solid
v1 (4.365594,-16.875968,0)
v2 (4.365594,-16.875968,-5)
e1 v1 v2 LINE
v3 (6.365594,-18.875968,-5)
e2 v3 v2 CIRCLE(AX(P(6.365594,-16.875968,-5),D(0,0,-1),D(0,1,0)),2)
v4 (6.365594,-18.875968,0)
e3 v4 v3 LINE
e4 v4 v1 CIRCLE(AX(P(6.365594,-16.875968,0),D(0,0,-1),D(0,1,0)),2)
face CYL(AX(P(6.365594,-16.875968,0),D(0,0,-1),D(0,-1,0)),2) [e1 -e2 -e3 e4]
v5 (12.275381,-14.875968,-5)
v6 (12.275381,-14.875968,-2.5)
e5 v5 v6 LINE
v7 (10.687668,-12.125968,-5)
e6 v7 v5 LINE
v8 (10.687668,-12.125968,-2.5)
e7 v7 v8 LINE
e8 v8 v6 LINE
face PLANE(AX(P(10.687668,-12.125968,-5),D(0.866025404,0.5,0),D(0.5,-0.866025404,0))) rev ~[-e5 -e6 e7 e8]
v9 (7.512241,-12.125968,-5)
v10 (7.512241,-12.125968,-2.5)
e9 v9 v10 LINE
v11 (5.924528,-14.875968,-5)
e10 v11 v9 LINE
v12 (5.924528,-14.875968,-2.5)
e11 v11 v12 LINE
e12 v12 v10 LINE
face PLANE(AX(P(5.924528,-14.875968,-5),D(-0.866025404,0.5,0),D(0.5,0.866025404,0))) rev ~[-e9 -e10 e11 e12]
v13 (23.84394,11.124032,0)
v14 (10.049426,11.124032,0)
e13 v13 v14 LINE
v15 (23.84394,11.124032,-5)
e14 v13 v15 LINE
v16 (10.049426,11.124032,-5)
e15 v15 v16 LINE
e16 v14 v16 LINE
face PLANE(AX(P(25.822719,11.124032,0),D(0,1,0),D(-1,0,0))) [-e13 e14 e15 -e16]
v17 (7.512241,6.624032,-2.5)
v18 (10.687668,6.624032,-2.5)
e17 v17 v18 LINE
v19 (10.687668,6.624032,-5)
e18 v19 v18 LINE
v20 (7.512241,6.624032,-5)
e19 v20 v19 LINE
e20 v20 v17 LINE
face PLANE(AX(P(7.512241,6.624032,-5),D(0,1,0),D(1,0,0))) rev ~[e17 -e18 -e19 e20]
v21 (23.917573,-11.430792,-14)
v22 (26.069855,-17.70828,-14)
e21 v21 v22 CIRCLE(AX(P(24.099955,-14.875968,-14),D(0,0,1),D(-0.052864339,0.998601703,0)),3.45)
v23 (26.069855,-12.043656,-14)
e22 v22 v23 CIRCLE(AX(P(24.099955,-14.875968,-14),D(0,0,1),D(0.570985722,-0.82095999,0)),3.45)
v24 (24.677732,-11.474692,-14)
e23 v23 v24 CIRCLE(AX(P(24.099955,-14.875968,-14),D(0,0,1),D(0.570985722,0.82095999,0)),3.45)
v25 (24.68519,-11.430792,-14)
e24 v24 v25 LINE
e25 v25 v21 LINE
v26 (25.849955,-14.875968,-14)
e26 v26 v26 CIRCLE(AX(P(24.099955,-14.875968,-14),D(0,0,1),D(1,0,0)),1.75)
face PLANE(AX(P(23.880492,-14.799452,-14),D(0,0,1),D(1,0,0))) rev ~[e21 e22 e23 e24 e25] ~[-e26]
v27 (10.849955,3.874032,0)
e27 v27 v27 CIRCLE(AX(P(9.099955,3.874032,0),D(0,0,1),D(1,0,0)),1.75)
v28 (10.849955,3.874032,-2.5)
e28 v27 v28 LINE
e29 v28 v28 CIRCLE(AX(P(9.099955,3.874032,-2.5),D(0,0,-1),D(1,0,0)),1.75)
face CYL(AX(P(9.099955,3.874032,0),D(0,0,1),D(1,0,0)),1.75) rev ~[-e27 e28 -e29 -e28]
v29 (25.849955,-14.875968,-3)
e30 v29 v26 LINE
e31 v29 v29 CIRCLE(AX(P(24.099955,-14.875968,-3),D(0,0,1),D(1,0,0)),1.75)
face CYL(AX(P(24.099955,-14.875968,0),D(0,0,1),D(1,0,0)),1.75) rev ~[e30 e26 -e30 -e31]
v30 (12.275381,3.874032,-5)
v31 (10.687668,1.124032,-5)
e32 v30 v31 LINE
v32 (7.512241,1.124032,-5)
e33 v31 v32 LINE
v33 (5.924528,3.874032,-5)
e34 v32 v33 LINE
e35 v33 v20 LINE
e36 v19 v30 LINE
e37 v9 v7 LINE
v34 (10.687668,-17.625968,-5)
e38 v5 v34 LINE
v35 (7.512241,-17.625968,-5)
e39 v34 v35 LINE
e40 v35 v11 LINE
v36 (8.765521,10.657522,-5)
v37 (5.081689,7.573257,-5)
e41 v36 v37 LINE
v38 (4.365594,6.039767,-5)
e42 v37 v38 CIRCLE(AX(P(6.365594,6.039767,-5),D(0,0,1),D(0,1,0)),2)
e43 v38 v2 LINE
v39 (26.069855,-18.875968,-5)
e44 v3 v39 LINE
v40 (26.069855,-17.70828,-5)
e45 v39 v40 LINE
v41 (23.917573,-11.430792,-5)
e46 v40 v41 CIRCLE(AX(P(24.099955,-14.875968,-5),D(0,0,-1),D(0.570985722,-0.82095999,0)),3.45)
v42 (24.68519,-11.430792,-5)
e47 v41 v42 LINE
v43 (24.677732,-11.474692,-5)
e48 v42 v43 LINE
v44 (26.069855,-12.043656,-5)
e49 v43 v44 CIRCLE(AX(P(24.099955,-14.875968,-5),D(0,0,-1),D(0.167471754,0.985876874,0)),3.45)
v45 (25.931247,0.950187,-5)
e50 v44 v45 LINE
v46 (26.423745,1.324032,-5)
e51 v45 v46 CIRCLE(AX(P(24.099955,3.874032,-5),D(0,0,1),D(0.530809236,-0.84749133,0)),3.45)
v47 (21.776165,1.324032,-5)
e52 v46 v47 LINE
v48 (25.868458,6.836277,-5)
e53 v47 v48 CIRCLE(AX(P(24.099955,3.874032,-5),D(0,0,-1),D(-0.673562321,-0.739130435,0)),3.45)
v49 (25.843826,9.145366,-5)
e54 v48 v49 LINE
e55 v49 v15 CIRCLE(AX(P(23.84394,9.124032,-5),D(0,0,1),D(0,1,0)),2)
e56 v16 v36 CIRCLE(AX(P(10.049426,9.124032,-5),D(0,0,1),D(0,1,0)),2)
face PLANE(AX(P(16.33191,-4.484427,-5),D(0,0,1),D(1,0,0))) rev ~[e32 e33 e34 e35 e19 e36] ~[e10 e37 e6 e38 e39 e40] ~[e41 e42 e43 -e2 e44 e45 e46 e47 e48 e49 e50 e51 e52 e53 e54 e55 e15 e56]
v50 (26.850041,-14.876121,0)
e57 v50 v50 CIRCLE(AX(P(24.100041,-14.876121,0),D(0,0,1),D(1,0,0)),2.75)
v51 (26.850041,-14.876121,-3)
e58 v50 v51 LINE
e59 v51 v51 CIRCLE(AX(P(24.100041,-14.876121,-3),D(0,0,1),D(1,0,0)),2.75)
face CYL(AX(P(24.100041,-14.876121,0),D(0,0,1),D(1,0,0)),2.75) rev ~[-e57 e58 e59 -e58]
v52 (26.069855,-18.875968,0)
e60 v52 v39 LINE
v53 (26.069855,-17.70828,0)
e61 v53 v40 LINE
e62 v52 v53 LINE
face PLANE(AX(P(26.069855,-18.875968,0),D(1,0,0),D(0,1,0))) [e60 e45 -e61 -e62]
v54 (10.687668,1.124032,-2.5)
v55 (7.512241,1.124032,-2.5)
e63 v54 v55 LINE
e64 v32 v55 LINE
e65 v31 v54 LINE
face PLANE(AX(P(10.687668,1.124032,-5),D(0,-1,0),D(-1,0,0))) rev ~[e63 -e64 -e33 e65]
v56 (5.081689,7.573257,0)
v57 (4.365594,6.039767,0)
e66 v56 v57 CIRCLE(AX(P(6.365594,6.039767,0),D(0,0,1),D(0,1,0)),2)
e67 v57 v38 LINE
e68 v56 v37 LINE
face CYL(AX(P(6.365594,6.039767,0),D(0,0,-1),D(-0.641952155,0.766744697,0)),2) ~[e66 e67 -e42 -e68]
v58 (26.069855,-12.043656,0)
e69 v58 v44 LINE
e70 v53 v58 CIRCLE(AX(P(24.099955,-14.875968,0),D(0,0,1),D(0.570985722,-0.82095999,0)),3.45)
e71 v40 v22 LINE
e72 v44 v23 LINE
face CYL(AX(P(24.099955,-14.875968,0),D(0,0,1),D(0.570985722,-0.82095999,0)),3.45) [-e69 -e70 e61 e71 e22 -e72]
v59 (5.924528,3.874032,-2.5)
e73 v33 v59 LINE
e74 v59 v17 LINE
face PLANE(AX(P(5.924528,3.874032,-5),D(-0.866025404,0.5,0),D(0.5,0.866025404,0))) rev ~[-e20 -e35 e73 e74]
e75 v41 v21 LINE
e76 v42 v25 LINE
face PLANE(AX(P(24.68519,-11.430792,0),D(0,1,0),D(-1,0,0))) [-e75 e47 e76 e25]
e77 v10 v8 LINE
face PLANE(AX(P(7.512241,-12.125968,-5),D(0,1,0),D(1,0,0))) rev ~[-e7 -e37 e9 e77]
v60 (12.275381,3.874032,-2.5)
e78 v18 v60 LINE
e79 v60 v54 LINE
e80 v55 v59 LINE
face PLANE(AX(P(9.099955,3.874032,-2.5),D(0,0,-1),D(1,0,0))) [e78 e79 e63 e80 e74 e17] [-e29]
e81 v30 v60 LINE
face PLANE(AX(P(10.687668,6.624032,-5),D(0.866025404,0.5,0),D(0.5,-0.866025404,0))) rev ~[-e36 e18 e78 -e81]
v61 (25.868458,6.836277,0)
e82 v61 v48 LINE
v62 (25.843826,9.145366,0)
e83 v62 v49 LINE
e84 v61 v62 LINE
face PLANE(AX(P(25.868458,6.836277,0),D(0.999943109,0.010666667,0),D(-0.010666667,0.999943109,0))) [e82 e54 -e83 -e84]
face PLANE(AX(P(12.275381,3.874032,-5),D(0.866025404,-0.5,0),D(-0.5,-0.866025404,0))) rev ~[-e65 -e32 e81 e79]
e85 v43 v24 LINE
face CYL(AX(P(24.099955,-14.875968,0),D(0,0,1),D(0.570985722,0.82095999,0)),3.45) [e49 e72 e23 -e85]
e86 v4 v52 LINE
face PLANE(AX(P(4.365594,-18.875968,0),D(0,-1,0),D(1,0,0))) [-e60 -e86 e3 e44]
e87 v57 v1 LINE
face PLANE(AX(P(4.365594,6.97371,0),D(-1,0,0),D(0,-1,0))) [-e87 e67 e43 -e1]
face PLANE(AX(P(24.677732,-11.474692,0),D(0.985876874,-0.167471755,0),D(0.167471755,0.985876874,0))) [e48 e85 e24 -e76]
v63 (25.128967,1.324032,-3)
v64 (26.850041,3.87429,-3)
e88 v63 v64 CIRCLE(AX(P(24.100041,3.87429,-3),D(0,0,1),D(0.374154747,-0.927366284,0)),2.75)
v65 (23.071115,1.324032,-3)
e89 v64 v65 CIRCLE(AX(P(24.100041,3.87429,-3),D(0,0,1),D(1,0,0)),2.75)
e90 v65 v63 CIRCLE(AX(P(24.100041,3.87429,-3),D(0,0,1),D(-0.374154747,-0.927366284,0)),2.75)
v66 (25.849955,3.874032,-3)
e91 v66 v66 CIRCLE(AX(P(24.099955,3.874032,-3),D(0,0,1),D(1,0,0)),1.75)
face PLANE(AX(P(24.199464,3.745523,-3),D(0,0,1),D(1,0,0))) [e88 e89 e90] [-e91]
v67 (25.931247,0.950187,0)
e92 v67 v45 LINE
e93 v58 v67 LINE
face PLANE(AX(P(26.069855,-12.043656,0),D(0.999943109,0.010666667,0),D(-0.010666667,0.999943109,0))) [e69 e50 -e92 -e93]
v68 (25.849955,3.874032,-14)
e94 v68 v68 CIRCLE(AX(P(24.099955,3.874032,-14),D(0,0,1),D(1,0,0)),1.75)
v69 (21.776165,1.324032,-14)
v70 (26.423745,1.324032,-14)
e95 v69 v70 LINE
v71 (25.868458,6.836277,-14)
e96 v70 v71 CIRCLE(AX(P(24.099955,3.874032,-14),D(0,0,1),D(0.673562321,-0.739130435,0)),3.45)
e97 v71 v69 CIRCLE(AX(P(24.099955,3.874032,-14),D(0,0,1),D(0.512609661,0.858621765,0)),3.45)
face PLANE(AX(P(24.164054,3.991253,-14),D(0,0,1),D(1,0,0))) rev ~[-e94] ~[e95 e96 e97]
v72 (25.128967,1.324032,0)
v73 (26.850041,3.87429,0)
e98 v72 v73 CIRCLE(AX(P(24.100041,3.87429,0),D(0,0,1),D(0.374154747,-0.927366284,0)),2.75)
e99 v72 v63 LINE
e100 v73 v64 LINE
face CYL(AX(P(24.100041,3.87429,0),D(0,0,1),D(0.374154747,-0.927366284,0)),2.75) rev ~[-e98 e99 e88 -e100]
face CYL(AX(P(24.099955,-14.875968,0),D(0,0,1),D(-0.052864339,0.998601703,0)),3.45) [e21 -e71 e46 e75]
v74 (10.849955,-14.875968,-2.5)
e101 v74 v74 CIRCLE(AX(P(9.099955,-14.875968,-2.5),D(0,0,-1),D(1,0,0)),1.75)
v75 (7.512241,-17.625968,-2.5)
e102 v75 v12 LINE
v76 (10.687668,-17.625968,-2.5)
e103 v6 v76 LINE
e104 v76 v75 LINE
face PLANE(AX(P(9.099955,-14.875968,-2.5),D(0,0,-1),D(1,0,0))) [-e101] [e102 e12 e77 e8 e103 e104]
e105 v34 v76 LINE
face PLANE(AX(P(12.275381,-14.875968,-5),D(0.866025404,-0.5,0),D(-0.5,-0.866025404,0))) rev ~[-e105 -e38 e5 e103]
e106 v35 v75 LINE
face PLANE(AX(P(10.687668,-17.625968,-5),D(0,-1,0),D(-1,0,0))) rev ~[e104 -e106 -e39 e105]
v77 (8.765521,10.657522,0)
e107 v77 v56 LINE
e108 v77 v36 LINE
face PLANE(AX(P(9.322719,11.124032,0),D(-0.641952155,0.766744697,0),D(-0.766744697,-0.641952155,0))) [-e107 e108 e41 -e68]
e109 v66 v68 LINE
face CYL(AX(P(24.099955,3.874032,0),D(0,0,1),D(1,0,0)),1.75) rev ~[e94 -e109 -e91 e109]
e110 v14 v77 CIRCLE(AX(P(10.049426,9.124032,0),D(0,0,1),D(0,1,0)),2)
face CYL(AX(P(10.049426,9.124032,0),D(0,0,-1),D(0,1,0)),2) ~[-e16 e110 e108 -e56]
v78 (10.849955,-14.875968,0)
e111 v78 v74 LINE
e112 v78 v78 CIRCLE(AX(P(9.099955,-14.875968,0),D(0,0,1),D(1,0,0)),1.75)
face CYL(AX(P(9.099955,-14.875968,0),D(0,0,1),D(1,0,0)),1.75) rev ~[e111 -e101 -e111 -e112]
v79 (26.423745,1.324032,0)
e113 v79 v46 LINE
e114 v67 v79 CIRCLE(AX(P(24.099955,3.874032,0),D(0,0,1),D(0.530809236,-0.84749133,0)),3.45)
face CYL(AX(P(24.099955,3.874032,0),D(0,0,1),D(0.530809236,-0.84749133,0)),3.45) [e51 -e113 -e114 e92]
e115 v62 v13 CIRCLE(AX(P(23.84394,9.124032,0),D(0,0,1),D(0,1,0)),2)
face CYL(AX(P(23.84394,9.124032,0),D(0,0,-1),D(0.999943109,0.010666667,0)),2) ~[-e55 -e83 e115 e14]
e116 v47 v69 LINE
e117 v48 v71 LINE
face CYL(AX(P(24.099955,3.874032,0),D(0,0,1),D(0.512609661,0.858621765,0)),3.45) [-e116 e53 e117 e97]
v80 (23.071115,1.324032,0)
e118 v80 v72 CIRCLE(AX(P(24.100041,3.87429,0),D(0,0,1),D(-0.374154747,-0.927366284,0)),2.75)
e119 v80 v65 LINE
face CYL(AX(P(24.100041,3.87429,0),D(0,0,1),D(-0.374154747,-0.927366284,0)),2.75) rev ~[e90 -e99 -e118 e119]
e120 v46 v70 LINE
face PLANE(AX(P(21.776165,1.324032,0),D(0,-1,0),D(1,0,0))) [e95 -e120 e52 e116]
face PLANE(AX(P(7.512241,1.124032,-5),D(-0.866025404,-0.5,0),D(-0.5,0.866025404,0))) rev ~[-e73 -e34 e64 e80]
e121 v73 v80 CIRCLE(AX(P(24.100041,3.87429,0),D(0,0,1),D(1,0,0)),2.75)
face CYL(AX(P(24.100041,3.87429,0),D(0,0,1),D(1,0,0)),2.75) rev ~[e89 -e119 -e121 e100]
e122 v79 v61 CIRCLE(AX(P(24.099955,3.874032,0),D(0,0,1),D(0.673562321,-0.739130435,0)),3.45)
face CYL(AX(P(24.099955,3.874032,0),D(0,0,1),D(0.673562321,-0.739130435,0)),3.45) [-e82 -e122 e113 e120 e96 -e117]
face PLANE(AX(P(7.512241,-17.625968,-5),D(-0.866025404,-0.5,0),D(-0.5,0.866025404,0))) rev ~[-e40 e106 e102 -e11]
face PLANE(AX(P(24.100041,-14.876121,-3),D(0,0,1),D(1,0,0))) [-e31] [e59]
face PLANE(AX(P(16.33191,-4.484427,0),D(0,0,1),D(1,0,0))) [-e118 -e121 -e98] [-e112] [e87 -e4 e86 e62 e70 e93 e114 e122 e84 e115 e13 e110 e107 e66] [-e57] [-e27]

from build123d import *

# Parameters (mm, degrees)
F0_R     = 1.75
F1_DEPTH = 14
F2_DEPTH = 5
F3_R     = 2
F4_R     = 2.75
F5_DEPTH = 3
F6_R     = 1.75
F7_DEPTH = 2.5


with BuildPart() as f1:
    # F0 (on Top) → F1 (new body)
    with BuildSketch(Plane.XY):
        with BuildLine():
            Line((21.7761647301, 1.3240322888), (26.4237447456, 1.3240322888))
            ThreePointArc((26.4237447456, 1.3240322888), (27.5325816725, 4.2198246066), (25.8684580679, 6.8362773785))
            ThreePointArc((25.8684580679, 6.8362773785), (21.3298830229, 5.9305348281), (21.7761647301, 1.3240322888))
        make_face()
        with Locations((24.0999547378, 3.8740322888)):
            Circle(F0_R, mode=Mode.SUBTRACT)
    extrude(amount=-F1_DEPTH)



with BuildPart() as f1b:
    # F0 (on Top) → F1, piece 2 (new body)
    with BuildSketch(Plane.XY):
        with BuildLine():
            Line((26.0698554789, -17.7082796768), (26.0698554789, -12.0436557456))
            ThreePointArc((26.0698554789, -12.0436557456), (25.4051734809, -11.6823954116), (24.6777322905, -11.4746924945))
            Line((24.6777322905, -11.4746924945), (24.6851897334, -11.430791835))
            Line((24.6851897334, -11.430791835), (23.9175727699, -11.430791835))
            ThreePointArc((23.9175727699, -11.430791835), (20.8364414099, -15.9948871713), (26.0698554789, -17.7082796768))
        make_face()
        with Locations((24.0999547378, -14.8759677112)):
            Circle(F0_R, mode=Mode.SUBTRACT)
        with BuildLine():
            ThreePointArc((26.0698554789, -17.7082796768), (27.5499547378, -14.8759677112), (26.0698554789, -12.0436557456))
            Line((26.0698554789, -12.0436557456), (26.0698554789, -17.7082796768))
        make_face()
    extrude(amount=-F1_DEPTH)


with BuildPart() as f1_1:
    add(f1.part)

    add(f1b.part)  # F2 merges F1b
    # F0 (on Top) → F2 (join)
    with BuildSketch(Plane.XY):
        with BuildLine():
            Line((26.0698554789, -12.0436557456), (25.9312466019, 0.9501871991))
            ThreePointArc((25.9312466019, 0.9501871991), (26.1858877133, 1.1260541917), (26.4237447456, 1.3240322888))
            Line((26.4237447456, 1.3240322888), (21.7761647301, 1.3240322888))
            ThreePointArc((21.7761647301, 1.3240322888), (21.3298830229, 5.9305348281), (25.8684580679, 6.8362773785))
            Line((25.8684580679, 6.8362773785), (25.8227194135, 11.1240322888))
            Line((25.8227194135, 11.1240322888), (9.3227194135, 11.1240322888))
            Line((9.3227194135, 11.1240322888), (4.3655936032, 6.9737100091))
            Line((4.3655936032, 6.9737100091), (4.3655936032, -18.8759677112))
            Line((4.3655936032, -18.8759677112), (9.8819473522, -18.8759677112))
            Line((9.8819473522, -18.8759677112), (9.9476614486, -18.8759677112))
            Line((9.9476614486, -18.8759677112), (23.5200859606, -18.8759677112))
            Line((23.5200859606, -18.8759677112), (26.0698554789, -18.8759677112))
            Line((26.0698554789, -18.8759677112), (26.0698554789, -17.7082796768))
            ThreePointArc((26.0698554789, -17.7082796768), (20.8364414099, -15.9948871713), (23.9175727699, -11.430791835))
            Line((23.9175727699, -11.430791835), (24.6851897334, -11.430791835))
            Line((24.6851897334, -11.430791835), (24.6777322905, -11.4746924945))
            ThreePointArc((24.6777322905, -11.4746924945), (25.4051734809, -11.6823954116), (26.0698554789, -12.0436557456))
        make_face()
        with Locations((9.0999547378, -14.8759677112)):
            Circle(F0_R, mode=Mode.SUBTRACT)
        with Locations((9.0999547378, 3.8740322888)):
            Circle(F0_R, mode=Mode.SUBTRACT)
    extrude(amount=-F2_DEPTH)

    # F3
    f3_edges = [f1_1.edges().sort_by_distance(p)[0] for p in [
        (9.322719, 11.124032, -2.5),
        (4.365594, 6.97371, -2.5),
        (4.365594, -18.875968, -2.5),
        (25.822719, 11.124032, -2.5),
    ]]
    fillet(f3_edges, radius=F3_R)

    # F4 (on face) → F5 (cut)
    with BuildSketch(Plane.XY):
        with BuildLine():
            ThreePointArc((25.1289665719, 1.3240322888), (26.379519606, 2.3359536637), (26.8500410169, 3.8742895704))
            ThreePointArc((26.8500410169, 3.8742895704), (22.5617051102, 6.1537681595), (23.0711154619, 1.3240322888))
            Line((23.0711154619, 1.3240322888), (25.1289665719, 1.3240322888))
        make_face()
        with BuildLine():
            Line((25.1289665719, 1.3240322888), (23.0711154619, 1.3240322888))
            ThreePointArc((23.0711154619, 1.3240322888), (24.1000410169, 1.1242895704), (25.1289665719, 1.3240322888))
        make_face()
        with Locations((24.1000410169, -14.8761207238)):
            Circle(F4_R)
    extrude(amount=-F5_DEPTH, mode=Mode.SUBTRACT)

    # F6 (on face) → F7 (cut)
    with BuildSketch(Plane(origin=(0, 0, -5), x_dir=(1, 0, 0), z_dir=(0, 0, -1))):
        Polygon((10.6876679781, -1.1240322888), (7.5122414976, -1.1240322888), (5.9245282573, -3.8740322888), (7.5122414976, -6.6240322888), (10.6876679781, -6.6240322888), (12.2753812184, -3.8740322888), align=None)
        with Locations((9.0999547378, -3.8740322888)):
            Circle(F6_R, mode=Mode.SUBTRACT)
        Polygon((10.6876679781, 17.6259677112), (7.5122414976, 17.6259677112), (5.9245282573, 14.8759677112), (7.5122414976, 12.1259677112), (10.6876679781, 12.1259677112), (12.2753812184, 14.8759677112), align=None)
        with Locations((9.0999547378, 14.8759677112)):
            Circle(F6_R, mode=Mode.SUBTRACT)
    extrude(amount=-F7_DEPTH, mode=Mode.SUBTRACT)


solid = f1_1.part
